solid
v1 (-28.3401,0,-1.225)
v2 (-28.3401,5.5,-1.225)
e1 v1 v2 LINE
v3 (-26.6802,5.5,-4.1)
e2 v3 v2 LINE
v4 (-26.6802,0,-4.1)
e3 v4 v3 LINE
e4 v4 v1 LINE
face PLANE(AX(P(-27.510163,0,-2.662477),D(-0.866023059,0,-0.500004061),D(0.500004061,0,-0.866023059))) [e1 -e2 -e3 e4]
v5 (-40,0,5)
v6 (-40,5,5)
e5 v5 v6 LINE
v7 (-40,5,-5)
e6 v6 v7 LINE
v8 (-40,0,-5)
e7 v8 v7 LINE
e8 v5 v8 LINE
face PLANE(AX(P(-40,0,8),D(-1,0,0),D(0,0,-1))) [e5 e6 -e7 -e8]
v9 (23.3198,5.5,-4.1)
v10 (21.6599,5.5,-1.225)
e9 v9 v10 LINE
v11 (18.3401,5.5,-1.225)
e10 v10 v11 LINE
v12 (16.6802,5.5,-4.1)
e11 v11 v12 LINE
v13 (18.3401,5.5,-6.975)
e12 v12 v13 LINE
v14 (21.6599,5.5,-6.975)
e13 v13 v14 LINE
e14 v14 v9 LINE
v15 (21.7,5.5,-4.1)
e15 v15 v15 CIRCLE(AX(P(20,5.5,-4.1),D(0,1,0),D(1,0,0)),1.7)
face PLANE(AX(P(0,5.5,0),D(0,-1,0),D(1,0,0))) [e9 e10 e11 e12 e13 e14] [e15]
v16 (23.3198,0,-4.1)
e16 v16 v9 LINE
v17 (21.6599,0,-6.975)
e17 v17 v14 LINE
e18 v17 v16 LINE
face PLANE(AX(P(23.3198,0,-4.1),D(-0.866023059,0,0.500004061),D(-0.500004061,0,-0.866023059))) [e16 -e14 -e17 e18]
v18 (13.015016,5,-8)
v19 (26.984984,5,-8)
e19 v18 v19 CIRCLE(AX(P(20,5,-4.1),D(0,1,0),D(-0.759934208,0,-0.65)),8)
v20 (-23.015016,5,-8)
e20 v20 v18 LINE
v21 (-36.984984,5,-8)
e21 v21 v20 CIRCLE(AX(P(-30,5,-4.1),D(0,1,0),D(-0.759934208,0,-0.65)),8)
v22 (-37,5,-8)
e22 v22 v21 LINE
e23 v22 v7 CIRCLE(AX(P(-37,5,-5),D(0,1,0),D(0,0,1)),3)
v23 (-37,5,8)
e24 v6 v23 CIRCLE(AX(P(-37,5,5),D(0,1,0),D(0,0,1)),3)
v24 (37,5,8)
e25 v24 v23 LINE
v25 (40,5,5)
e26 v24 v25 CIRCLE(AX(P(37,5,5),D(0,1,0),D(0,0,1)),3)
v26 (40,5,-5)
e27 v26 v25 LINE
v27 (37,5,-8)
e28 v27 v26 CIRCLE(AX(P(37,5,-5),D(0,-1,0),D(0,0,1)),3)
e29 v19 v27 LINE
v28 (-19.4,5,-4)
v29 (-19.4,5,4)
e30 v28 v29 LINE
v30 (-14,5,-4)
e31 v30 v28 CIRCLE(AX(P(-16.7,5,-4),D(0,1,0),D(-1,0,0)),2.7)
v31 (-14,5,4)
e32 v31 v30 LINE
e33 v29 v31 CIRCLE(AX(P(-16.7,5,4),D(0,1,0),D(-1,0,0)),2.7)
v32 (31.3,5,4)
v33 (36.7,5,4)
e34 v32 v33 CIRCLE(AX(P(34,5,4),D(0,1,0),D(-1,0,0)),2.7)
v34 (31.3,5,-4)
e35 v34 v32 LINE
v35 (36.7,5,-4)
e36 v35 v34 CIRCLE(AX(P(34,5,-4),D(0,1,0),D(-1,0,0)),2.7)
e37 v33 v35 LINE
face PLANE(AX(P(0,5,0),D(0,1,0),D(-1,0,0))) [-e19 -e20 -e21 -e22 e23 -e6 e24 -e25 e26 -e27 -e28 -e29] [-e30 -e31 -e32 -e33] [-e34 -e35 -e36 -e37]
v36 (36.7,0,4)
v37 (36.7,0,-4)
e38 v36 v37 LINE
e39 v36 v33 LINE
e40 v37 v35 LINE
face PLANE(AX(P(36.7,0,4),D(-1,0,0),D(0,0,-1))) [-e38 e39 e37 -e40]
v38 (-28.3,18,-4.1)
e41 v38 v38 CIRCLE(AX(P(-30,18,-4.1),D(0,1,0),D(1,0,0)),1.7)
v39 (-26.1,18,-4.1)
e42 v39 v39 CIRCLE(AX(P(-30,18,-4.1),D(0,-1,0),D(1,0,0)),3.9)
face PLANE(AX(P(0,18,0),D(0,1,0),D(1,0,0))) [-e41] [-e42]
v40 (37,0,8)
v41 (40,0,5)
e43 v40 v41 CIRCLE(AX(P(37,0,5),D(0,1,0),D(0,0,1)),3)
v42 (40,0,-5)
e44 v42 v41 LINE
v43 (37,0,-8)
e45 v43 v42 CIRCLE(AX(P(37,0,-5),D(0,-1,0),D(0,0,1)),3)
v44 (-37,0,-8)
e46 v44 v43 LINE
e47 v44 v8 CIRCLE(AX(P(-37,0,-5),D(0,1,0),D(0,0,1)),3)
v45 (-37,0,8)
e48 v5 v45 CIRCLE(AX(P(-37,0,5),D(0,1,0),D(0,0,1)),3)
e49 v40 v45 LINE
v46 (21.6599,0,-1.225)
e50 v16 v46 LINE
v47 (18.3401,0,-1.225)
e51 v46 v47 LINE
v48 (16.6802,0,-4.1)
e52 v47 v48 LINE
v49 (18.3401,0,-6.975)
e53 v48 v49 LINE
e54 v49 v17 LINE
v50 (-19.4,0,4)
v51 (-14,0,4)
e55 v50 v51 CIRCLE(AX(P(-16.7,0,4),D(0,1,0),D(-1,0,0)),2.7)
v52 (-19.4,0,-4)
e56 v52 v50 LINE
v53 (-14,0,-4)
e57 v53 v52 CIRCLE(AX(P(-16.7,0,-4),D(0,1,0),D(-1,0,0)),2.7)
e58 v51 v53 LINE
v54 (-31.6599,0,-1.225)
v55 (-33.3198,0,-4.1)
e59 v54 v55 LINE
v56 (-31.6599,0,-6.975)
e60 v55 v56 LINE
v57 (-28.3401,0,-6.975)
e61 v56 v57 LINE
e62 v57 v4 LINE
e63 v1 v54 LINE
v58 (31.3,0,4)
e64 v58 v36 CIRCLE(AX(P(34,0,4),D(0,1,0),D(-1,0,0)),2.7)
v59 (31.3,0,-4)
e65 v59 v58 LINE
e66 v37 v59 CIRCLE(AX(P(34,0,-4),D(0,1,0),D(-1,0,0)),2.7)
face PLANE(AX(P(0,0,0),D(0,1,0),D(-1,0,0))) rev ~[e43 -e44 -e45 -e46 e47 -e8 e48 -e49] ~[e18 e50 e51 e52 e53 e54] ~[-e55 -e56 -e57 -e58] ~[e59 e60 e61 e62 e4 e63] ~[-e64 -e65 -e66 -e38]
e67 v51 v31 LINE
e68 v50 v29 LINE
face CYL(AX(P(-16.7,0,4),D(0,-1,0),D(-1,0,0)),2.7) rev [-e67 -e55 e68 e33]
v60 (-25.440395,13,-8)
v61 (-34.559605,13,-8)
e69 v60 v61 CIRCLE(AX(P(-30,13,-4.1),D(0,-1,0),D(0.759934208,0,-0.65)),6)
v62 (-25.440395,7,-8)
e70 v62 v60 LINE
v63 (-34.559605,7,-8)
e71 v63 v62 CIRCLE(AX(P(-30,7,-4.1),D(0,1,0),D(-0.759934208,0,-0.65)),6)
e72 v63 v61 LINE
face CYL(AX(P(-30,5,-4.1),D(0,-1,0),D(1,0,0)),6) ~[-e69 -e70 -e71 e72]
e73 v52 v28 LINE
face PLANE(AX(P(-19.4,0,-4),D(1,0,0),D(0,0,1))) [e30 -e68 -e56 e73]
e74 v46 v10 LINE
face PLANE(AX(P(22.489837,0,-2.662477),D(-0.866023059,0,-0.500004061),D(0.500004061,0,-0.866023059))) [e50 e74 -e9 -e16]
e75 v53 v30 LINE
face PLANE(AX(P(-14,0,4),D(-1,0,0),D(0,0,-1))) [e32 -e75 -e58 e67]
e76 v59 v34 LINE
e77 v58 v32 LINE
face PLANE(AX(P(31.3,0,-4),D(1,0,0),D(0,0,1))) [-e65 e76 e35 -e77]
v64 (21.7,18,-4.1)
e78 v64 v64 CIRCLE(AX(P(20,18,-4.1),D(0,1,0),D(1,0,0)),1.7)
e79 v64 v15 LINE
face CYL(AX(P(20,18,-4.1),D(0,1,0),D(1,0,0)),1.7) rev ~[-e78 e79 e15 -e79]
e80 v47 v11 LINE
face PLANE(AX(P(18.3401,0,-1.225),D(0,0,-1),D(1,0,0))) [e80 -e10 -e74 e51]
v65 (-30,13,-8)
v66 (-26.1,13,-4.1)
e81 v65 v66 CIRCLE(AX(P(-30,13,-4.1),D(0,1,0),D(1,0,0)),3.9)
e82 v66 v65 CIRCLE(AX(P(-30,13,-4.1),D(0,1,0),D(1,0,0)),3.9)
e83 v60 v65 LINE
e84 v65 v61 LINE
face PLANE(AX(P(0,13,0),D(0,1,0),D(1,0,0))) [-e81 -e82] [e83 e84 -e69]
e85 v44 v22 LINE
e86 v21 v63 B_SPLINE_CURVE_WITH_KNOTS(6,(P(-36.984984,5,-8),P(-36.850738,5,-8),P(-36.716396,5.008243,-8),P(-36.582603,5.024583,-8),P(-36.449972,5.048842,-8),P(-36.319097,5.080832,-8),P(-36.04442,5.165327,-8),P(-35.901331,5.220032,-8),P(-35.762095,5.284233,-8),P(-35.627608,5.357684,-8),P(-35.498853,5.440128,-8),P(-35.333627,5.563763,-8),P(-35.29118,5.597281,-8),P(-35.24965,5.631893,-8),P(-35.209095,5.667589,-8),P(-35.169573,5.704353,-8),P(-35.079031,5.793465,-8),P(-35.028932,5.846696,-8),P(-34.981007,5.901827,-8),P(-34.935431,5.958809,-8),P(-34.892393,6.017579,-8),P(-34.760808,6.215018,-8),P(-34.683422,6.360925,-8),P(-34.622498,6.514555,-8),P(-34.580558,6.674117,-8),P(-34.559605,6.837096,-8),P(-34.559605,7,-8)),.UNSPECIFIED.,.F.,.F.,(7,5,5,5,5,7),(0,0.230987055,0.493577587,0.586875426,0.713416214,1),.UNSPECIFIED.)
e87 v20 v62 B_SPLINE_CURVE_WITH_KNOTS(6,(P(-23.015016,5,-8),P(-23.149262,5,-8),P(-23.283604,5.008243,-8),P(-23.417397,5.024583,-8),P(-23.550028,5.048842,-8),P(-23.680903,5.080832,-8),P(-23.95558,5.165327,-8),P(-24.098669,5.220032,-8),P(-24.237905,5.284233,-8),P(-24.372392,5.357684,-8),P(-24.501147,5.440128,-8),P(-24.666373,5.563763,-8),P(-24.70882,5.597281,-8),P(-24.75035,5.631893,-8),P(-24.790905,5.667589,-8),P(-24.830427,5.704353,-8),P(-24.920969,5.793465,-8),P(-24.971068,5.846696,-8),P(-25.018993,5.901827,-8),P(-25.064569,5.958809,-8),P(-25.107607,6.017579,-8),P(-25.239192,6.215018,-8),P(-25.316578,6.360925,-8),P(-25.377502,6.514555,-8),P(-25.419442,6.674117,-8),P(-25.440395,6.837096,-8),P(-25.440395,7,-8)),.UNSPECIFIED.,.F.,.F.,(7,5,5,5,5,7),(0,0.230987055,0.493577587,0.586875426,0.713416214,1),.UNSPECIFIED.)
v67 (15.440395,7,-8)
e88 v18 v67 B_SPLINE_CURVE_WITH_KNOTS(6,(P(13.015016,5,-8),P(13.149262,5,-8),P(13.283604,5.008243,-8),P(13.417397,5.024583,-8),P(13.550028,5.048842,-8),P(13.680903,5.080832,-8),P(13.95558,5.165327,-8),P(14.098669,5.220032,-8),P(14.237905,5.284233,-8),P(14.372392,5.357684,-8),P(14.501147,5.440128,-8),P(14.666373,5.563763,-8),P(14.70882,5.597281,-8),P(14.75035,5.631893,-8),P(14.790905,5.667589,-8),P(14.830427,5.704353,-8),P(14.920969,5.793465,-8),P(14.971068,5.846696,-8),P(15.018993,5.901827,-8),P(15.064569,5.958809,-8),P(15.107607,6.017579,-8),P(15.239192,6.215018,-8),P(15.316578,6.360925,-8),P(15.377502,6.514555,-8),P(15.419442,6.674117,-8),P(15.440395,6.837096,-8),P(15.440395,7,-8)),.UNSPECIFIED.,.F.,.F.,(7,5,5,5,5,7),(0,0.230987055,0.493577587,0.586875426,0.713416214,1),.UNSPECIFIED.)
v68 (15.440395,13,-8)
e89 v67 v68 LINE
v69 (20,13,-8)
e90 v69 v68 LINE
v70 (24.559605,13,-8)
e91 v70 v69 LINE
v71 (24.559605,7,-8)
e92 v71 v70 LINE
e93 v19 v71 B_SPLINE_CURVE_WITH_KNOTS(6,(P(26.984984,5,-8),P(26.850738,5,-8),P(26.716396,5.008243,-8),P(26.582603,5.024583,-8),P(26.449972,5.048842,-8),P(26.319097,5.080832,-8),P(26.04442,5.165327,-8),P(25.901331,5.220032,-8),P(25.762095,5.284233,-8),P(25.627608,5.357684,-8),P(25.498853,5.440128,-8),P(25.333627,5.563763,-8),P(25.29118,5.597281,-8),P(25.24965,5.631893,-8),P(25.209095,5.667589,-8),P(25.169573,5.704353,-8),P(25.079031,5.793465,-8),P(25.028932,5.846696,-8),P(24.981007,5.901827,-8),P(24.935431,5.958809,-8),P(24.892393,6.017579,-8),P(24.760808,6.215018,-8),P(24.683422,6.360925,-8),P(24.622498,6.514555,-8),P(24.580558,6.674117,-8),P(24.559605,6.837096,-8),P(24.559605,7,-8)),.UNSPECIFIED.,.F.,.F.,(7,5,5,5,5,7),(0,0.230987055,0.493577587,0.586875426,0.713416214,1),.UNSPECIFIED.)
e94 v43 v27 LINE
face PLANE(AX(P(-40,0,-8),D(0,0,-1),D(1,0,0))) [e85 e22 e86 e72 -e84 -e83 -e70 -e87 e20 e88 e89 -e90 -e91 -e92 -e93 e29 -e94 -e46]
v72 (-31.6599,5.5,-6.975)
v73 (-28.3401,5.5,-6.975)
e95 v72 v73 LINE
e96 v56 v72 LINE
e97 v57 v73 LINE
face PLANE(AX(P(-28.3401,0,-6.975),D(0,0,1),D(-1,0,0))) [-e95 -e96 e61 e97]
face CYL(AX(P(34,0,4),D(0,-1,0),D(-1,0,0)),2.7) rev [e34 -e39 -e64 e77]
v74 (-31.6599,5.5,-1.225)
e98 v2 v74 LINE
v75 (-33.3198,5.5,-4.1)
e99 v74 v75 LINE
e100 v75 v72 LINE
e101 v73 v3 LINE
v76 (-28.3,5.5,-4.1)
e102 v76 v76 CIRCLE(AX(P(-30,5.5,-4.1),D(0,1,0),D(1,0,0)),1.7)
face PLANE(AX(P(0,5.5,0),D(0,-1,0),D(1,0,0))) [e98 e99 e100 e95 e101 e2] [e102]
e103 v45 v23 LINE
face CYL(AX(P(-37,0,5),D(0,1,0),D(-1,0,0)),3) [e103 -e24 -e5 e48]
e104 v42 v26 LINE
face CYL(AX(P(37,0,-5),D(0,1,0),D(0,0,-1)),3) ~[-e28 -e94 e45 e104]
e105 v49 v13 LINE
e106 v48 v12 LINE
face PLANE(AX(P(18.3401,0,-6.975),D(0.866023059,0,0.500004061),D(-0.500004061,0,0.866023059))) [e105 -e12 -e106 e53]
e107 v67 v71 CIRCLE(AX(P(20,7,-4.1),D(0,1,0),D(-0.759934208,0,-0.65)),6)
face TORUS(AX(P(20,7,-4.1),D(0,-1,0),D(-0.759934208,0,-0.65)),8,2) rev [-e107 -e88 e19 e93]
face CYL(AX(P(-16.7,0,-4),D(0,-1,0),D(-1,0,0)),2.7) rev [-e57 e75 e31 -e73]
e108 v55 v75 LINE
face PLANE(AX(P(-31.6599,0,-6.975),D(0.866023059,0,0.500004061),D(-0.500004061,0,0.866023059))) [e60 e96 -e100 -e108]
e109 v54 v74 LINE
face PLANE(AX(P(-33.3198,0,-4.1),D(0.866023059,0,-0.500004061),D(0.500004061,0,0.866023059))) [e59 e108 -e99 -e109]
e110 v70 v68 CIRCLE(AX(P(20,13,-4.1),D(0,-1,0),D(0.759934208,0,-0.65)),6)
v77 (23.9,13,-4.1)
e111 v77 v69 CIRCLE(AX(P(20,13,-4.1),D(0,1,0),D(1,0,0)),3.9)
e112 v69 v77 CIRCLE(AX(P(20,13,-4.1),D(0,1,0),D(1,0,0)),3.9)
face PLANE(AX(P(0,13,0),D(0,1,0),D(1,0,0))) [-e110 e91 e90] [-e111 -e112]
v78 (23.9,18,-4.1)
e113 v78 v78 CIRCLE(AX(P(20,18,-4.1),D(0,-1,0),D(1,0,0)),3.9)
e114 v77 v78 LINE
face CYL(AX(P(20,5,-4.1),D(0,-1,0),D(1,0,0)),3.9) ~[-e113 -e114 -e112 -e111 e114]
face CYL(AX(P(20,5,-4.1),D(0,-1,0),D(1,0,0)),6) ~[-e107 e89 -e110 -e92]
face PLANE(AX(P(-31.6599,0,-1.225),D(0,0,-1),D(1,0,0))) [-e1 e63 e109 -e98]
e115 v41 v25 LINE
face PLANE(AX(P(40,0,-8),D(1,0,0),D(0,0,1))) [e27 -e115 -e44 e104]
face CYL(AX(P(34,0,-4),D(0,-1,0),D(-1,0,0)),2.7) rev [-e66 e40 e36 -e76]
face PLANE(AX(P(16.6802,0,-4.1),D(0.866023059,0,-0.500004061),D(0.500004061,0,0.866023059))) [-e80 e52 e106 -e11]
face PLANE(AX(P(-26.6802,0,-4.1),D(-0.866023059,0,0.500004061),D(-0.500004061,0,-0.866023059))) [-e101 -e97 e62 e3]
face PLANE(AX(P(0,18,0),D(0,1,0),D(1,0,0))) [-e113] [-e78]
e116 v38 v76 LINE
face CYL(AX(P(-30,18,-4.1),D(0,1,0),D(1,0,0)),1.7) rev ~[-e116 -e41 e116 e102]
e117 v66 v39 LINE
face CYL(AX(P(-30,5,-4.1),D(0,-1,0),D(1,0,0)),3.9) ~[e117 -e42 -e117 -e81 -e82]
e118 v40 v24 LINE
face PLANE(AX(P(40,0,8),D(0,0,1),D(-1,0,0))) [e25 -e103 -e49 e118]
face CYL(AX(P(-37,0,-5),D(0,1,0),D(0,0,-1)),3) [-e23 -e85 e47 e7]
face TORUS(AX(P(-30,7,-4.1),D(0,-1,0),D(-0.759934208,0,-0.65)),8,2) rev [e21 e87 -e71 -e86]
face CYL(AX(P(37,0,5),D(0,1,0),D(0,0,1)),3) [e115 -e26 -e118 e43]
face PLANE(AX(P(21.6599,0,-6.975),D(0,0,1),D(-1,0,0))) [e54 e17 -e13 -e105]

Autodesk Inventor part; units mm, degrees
ref_plane "YZ Plane" through (0, 0, 0) normal (1, 0, 0) x (0, 1, 0)
ref_plane "XZ Plane" through (0, 0, 0) normal (0, 1, 0) x (-1, 0, 0)
ref_plane "XY Plane" through (0, 0, 0) normal (0, 0, 1) x (1, 0, 0)
sketch "Boceto1" plane through (0, 0, 0) normal (0, 1, 0) x (-1, 0, 0)
  line L0 (-40, 8) -> (40, 8)
  line L1 (40, 8) -> (40, -8)
  line L2 (40, -8) -> (-40, -8)
  line L3 (-40, -8) -> (-40, 8)
  line L4 (-40, 8) -> (40, -8) construction
  line L5 (40, 8) -> (-40, -8) construction
  circle A0 centre (-34, 4) radius 2.7
  circle A1 centre (-34, -4) radius 2.7
  circle A2 centre (16.7, 4) radius 2.7
  circle A3 centre (16.7, -4) radius 2.7
  line L6 (19.4, 4) -> (14, 4)
  line L7 (14, 4) -> (14, -4)
  line L8 (14, -4) -> (19.4, -4)
  line L9 (19.4, -4) -> (19.4, 4)
  line L10 (-31.3, 4) -> (-36.7, 4)
  line L11 (-36.7, 4) -> (-36.7, -4)
  line L12 (-36.7, -4) -> (-31.3, -4)
  line L13 (-31.3, -4) -> (-31.3, 4)
  point P0 (0, 0)
  point P1 (16.7, -4)
  point P2 (16.7, 4)
  point P3 (-34, -4)
  point P4 (-34, 4)
  point P5 (19.4, -4)
  point P6 (-31.3, -4)
  dimension "d2" = 5.4
  dimension "d0" = 80
  dimension "d1" = 16
  dimension "d3" = 4
  dimension "d4" = 8
  dimension "d5" = 6
  dimension "d6" = 50.7
extrude "Extrusión1" add sketch "Boceto1" along normal blind 5
sketch "Boceto2" plane through (0, 5, 0) normal (0, 1, 0) x (1, 0, 0)
  circle A0 centre (20, 4.1) radius 3.9
  circle A1 centre (-30, 4.1) radius 3.9
  line L0 (40, 8) -> (-40, 8) projected
  line L1 (40, -8) -> (40, 8) projected
  line L2 (-40, 8) -> (-40, -8) projected
  point P0 (0, 0)
  dimension "d11" = 7.8
  dimension "d12" = 20
  dimension "d13" = 10
extrude "Extrusión2" add sketch "Boceto2" along normal blind 13
sketch "Boceto3" plane through (0, 5, 0) normal (0, 1, 0) x (1, 0, 0)
  line L0 (31.3, -4) -> (31.3, 4) projected
  arc A0 (36.7, 4) -> (31.3, 4) centre (34, 4) ccw projected
  line L1 (36.7, 4) -> (36.7, -4) projected
  arc A1 (31.3, -4) -> (36.7, -4) centre (34, -4) ccw projected
  line L2 (-19.4, -4) -> (-19.4, 4) projected
  arc A2 (-14, 4) -> (-19.4, 4) centre (-16.7, 4) ccw projected
  line L3 (-14, 4) -> (-14, -4) projected
  arc A3 (-19.4, -4) -> (-14, -4) centre (-16.7, -4) ccw projected
  line L4 (40, 8) -> (20, 8) projected
  circle A4 centre (20, 4.1) radius 3.9 projected
  line L5 (20, 8) -> (-30, 8) projected
  circle A5 centre (-30, 4.1) radius 3.9 projected
  line L6 (-30, 8) -> (-40, 8) projected
  line L7 (-40, 8) -> (-40, -8) projected
  line L8 (-40, -8) -> (40, -8) projected
  line L9 (40, -8) -> (40, 8) projected
  circle A6 centre (-30, 4.1) radius 3.9 projected
  circle A7 centre (-30, 4.1) radius 6
  circle A8 centre (20, 4.1) radius 3.9 projected
  circle A9 centre (20, 4.1) radius 6
  point P0 (0, 0)
  point P1 (15.4404, 8)
  point P2 (24.5596, 8)
  point P3 (-34.5596, 8)
  point P4 (-25.4404, 8)
  dimension "d14" = 12
  dimension "d15" = 12
extrude "Extrusión3" add sketch "Boceto3" along normal blind 8 contours A9 L5 L4 | A7 L6 L5 picked at (25.2424, 3.6235) picked at (-24.7576, 3.6235)
fillet "Empalme1" radius 2 2 edges at (20, 5, 1.9) (-30, 5, 1.9)
sketch "Boceto4" plane through (-30, 18, -4.1) normal (0, 1, 0) x (1, 0, 0)
  circle A0 centre (0, 0) radius 3.9 projected
  circle A1 centre (0, 0) radius 1.7
  circle A2 centre (50, 0) radius 3.9 projected
  circle A3 centre (50, 0) radius 1.7
  point P0 (30, -4.1)
  dimension "d19" = 3.4
  dimension "d20" = 3.4
extrude "Extrusión4" cut sketch "Boceto4" against normal through all contours A1 | A3
fillet "Empalme2" radius 3 4 edges at (-40, 2.5, 8) (-40, 2.5, -8) (40, 2.5, 8) (40, 2.5, -8)
sketch "Boceto5" plane through (0, 0, 0) normal (0, -1, 0) x (1, 0, 0)
  circle A0 centre (-30, -4.1) radius 1.7 projected
  circle A1 centre (-30, -4.1) radius 2.875
  circle A2 centre (20, -4.1) radius 1.7 projected
  circle A3 centre (20, -4.1) radius 2.875
  line L0 (-33.3198, -4.1) -> (-31.6599, -1.225)
  line L1 (-31.6599, -1.225) -> (-28.3401, -1.225)
  line L2 (-28.3401, -1.225) -> (-26.6802, -4.1)
  line L3 (-26.6802, -4.1) -> (-28.3401, -6.975)
  line L4 (-28.3401, -6.975) -> (-31.6599, -6.975)
  line L5 (-31.6599, -6.975) -> (-33.3198, -4.1)
  line L6 (16.6802, -4.1) -> (18.3401, -1.225)
  line L7 (18.3401, -1.225) -> (21.6599, -1.225)
  line L8 (21.6599, -1.225) -> (23.3198, -4.1)
  line L9 (23.3198, -4.1) -> (21.6599, -6.975)
  line L10 (21.6599, -6.975) -> (18.3401, -6.975)
  line L11 (18.3401, -6.975) -> (16.6802, -4.1)
  point P0 (0, 0)
  dimension "d24" = 5.75
extrude "Extrusión5" cut sketch "Boceto5" against normal blind 5.5 contours A0 | A1 | A1 L2 L3 | A1 L1 L2 | L3 L4 A1 | A1 L0 L1 | L4 L5 A1 | A1 L5 L0 | A2 | A3 | A3 L8 L9 | A3 L7 L8 | L9 L10 A3 | A3 L6 L7 | L10 L11 A3 | A3 L11 L6
properties part number "Rack support"
